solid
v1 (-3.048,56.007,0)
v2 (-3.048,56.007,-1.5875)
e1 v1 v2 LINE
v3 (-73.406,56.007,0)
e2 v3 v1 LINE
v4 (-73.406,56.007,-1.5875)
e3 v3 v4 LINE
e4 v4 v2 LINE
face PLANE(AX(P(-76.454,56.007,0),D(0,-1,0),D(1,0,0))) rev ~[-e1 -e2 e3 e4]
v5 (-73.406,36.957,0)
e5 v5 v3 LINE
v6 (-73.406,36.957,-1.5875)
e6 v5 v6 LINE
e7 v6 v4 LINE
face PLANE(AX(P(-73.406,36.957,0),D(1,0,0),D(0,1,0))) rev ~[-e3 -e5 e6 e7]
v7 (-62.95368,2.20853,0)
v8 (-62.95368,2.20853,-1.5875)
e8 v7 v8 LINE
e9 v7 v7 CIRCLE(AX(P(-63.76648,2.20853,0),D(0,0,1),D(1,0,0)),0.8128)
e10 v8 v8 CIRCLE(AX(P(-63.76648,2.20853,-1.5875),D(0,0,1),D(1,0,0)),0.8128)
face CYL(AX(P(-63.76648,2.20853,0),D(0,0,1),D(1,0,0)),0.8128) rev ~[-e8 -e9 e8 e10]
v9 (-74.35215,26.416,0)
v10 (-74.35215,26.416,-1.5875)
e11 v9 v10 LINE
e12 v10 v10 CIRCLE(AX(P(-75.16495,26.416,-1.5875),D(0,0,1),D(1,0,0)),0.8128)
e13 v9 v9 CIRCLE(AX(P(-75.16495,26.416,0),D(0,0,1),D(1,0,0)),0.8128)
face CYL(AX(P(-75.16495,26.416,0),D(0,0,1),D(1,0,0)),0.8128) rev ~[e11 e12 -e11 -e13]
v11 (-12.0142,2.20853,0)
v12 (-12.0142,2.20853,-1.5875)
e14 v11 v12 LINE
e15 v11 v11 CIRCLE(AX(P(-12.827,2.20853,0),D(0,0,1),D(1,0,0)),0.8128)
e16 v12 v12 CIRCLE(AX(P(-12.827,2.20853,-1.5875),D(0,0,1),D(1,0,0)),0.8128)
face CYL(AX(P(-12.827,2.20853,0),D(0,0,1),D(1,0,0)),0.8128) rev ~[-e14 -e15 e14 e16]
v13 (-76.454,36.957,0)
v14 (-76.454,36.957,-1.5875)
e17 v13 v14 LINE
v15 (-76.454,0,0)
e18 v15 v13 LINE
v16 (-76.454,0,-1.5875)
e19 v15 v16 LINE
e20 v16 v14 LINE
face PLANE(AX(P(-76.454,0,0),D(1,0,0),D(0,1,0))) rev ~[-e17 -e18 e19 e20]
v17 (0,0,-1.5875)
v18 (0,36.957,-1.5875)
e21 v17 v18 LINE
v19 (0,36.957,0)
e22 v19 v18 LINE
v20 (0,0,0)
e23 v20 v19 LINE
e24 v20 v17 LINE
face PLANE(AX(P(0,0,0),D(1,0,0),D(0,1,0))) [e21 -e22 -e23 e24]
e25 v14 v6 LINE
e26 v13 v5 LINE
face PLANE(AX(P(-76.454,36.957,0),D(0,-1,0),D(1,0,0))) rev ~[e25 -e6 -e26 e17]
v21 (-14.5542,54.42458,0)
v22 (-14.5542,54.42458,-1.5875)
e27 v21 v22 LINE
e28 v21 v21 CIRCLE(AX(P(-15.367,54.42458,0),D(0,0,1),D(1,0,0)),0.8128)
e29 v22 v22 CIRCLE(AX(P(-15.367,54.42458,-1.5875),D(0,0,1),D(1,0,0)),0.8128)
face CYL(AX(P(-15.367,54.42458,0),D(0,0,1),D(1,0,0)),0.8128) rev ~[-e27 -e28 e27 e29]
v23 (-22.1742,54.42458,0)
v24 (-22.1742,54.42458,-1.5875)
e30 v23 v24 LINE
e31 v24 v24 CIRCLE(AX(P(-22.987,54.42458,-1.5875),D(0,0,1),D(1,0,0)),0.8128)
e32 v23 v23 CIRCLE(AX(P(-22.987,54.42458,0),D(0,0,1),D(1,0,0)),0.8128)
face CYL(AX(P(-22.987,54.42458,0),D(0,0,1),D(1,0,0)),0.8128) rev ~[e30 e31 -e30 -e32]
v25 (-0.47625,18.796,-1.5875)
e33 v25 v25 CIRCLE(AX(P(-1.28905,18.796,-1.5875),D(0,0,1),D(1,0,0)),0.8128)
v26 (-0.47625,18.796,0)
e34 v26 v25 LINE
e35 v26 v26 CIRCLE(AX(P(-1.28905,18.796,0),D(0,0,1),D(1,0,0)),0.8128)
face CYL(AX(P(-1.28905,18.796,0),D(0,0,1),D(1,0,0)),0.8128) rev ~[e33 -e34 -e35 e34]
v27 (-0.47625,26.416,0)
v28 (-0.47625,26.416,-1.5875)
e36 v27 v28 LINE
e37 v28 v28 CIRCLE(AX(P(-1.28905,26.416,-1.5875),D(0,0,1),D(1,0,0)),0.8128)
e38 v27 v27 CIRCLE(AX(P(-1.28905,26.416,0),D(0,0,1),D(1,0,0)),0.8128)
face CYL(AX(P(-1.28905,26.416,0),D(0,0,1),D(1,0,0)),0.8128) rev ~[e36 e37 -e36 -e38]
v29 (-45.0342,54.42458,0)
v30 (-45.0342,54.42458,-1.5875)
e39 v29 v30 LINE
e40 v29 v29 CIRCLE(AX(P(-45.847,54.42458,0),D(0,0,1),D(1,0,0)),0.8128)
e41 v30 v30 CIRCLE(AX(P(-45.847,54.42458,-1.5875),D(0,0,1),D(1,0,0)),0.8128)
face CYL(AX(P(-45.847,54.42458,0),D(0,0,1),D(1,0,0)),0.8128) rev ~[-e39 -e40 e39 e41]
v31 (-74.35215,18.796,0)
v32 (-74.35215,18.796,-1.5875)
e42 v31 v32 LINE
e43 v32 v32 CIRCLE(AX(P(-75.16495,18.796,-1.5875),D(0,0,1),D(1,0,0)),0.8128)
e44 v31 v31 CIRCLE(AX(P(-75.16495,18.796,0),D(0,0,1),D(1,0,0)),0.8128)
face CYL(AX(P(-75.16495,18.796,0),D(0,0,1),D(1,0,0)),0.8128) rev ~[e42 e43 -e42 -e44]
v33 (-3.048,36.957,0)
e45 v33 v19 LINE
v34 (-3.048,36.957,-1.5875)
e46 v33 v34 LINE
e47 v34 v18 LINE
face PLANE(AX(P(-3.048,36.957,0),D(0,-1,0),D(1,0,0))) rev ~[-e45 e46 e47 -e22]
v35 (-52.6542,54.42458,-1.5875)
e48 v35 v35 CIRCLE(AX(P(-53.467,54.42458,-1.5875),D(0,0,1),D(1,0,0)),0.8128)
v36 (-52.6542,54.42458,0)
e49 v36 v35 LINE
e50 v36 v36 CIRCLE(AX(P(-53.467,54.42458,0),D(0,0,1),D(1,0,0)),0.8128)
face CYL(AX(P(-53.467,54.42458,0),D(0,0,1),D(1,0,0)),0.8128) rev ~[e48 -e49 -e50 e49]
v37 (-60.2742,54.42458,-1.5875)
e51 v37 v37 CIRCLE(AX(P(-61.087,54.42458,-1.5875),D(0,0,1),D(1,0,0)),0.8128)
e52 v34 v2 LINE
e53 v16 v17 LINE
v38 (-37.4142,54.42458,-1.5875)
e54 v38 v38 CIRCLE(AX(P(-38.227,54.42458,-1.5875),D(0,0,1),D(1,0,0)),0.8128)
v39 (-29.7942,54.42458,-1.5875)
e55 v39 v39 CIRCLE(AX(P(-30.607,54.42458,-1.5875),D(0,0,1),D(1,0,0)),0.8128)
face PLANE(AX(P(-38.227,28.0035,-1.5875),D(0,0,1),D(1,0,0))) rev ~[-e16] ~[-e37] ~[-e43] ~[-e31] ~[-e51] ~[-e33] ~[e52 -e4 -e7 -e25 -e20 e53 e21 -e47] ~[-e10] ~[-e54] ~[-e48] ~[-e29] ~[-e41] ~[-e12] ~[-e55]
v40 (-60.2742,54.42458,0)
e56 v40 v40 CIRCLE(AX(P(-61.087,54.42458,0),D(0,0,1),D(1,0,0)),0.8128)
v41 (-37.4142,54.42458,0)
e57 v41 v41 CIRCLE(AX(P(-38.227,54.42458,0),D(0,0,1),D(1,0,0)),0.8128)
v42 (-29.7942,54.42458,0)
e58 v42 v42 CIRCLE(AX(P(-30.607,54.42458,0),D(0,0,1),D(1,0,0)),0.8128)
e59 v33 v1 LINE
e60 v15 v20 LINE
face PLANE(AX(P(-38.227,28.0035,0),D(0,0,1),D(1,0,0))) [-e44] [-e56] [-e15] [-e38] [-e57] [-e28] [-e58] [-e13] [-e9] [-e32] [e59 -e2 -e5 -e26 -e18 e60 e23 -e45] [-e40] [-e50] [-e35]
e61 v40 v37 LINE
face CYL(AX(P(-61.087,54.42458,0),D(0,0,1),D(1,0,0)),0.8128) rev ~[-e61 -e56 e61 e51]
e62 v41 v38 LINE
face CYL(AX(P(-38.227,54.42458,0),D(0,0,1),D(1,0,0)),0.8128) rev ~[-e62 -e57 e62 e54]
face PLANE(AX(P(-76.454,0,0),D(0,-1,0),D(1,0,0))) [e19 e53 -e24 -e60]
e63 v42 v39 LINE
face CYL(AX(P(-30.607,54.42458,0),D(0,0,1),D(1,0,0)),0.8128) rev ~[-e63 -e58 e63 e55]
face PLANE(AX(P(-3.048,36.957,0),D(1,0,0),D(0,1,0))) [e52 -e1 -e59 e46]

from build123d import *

# Parameters (mm, degrees)
SKETCH1_W          = 76.454
SKETCH1_H          = 56.007
EXTRUDE1_DEPTH     = 1.5875
SKETCH2_R          = 0.8128
EXTRUDE2_DEPTH     = 95.786699073
SKETCH4_R          = 0.8128
EXTRUDE3_DEPTH     = 9.525
SKETCH5_W          = 3.048
SKETCH5_H          = 19.05
EXTRUDE4_DEPTH     = 95.786699073
SKETCH6_R          = 0.8128
CUT_EXTRUDE1_DEPTH = 1.5875


with BuildPart() as part:
    # Sketch1 → Extrude1 (new body)
    with BuildSketch(Plane.XY):
        with Locations((-38.227, 28.0035)):
            Rectangle(SKETCH1_W, SKETCH1_H)
    extrude(amount=-EXTRUDE1_DEPTH)

    # Sketch2 → Extrude2 (cut, through all)
    with BuildSketch(Plane.XY):
        with Locations((-38.227, 54.42458)):
            Circle(SKETCH2_R)
        with Locations((-30.607, 54.42458)):
            Circle(SKETCH2_R)
        with Locations((-22.987, 54.42458)):
            Circle(SKETCH2_R)
        with Locations((-15.367, 54.42458)):
            Circle(SKETCH2_R)
        with Locations((-45.847, 54.42458)):
            Circle(SKETCH2_R)
        with Locations((-53.467, 54.42458)):
            Circle(SKETCH2_R)
        with Locations((-61.087, 54.42458)):
            Circle(SKETCH2_R)
    extrude(amount=-EXTRUDE2_DEPTH, mode=Mode.SUBTRACT)

    # Sketch4 → Extrude3 (cut)
    with BuildSketch(Plane.XY):
        with Locations((-75.16495, 26.416)):
            Circle(SKETCH4_R)
        with Locations((-75.16495, 18.796)):
            Circle(SKETCH4_R)
        with Locations((-1.28905, 26.416)):
            Circle(SKETCH4_R)
        with Locations((-1.28905, 18.796)):
            Circle(SKETCH4_R)
    extrude(amount=-EXTRUDE3_DEPTH, mode=Mode.SUBTRACT)

    # Sketch5 → Extrude4 (cut, through all)
    with BuildSketch(Plane.XY):
        with Locations((-74.93, 46.482)):
            Rectangle(SKETCH5_W, SKETCH5_H)
        with Locations((-1.524, 46.482)):
            Rectangle(SKETCH5_W, SKETCH5_H)
    extrude(amount=-EXTRUDE4_DEPTH, mode=Mode.SUBTRACT)

    # Sketch6 → Cut-Extrude1 (cut)
    with BuildSketch(Plane.XY):
        with Locations((-12.827, 2.20853)):
            Circle(SKETCH6_R)
        with Locations((-63.766480146, 2.20853)):
            Circle(SKETCH6_R)
    extrude(amount=-CUT_EXTRUDE1_DEPTH, mode=Mode.SUBTRACT)


solid = part.part
